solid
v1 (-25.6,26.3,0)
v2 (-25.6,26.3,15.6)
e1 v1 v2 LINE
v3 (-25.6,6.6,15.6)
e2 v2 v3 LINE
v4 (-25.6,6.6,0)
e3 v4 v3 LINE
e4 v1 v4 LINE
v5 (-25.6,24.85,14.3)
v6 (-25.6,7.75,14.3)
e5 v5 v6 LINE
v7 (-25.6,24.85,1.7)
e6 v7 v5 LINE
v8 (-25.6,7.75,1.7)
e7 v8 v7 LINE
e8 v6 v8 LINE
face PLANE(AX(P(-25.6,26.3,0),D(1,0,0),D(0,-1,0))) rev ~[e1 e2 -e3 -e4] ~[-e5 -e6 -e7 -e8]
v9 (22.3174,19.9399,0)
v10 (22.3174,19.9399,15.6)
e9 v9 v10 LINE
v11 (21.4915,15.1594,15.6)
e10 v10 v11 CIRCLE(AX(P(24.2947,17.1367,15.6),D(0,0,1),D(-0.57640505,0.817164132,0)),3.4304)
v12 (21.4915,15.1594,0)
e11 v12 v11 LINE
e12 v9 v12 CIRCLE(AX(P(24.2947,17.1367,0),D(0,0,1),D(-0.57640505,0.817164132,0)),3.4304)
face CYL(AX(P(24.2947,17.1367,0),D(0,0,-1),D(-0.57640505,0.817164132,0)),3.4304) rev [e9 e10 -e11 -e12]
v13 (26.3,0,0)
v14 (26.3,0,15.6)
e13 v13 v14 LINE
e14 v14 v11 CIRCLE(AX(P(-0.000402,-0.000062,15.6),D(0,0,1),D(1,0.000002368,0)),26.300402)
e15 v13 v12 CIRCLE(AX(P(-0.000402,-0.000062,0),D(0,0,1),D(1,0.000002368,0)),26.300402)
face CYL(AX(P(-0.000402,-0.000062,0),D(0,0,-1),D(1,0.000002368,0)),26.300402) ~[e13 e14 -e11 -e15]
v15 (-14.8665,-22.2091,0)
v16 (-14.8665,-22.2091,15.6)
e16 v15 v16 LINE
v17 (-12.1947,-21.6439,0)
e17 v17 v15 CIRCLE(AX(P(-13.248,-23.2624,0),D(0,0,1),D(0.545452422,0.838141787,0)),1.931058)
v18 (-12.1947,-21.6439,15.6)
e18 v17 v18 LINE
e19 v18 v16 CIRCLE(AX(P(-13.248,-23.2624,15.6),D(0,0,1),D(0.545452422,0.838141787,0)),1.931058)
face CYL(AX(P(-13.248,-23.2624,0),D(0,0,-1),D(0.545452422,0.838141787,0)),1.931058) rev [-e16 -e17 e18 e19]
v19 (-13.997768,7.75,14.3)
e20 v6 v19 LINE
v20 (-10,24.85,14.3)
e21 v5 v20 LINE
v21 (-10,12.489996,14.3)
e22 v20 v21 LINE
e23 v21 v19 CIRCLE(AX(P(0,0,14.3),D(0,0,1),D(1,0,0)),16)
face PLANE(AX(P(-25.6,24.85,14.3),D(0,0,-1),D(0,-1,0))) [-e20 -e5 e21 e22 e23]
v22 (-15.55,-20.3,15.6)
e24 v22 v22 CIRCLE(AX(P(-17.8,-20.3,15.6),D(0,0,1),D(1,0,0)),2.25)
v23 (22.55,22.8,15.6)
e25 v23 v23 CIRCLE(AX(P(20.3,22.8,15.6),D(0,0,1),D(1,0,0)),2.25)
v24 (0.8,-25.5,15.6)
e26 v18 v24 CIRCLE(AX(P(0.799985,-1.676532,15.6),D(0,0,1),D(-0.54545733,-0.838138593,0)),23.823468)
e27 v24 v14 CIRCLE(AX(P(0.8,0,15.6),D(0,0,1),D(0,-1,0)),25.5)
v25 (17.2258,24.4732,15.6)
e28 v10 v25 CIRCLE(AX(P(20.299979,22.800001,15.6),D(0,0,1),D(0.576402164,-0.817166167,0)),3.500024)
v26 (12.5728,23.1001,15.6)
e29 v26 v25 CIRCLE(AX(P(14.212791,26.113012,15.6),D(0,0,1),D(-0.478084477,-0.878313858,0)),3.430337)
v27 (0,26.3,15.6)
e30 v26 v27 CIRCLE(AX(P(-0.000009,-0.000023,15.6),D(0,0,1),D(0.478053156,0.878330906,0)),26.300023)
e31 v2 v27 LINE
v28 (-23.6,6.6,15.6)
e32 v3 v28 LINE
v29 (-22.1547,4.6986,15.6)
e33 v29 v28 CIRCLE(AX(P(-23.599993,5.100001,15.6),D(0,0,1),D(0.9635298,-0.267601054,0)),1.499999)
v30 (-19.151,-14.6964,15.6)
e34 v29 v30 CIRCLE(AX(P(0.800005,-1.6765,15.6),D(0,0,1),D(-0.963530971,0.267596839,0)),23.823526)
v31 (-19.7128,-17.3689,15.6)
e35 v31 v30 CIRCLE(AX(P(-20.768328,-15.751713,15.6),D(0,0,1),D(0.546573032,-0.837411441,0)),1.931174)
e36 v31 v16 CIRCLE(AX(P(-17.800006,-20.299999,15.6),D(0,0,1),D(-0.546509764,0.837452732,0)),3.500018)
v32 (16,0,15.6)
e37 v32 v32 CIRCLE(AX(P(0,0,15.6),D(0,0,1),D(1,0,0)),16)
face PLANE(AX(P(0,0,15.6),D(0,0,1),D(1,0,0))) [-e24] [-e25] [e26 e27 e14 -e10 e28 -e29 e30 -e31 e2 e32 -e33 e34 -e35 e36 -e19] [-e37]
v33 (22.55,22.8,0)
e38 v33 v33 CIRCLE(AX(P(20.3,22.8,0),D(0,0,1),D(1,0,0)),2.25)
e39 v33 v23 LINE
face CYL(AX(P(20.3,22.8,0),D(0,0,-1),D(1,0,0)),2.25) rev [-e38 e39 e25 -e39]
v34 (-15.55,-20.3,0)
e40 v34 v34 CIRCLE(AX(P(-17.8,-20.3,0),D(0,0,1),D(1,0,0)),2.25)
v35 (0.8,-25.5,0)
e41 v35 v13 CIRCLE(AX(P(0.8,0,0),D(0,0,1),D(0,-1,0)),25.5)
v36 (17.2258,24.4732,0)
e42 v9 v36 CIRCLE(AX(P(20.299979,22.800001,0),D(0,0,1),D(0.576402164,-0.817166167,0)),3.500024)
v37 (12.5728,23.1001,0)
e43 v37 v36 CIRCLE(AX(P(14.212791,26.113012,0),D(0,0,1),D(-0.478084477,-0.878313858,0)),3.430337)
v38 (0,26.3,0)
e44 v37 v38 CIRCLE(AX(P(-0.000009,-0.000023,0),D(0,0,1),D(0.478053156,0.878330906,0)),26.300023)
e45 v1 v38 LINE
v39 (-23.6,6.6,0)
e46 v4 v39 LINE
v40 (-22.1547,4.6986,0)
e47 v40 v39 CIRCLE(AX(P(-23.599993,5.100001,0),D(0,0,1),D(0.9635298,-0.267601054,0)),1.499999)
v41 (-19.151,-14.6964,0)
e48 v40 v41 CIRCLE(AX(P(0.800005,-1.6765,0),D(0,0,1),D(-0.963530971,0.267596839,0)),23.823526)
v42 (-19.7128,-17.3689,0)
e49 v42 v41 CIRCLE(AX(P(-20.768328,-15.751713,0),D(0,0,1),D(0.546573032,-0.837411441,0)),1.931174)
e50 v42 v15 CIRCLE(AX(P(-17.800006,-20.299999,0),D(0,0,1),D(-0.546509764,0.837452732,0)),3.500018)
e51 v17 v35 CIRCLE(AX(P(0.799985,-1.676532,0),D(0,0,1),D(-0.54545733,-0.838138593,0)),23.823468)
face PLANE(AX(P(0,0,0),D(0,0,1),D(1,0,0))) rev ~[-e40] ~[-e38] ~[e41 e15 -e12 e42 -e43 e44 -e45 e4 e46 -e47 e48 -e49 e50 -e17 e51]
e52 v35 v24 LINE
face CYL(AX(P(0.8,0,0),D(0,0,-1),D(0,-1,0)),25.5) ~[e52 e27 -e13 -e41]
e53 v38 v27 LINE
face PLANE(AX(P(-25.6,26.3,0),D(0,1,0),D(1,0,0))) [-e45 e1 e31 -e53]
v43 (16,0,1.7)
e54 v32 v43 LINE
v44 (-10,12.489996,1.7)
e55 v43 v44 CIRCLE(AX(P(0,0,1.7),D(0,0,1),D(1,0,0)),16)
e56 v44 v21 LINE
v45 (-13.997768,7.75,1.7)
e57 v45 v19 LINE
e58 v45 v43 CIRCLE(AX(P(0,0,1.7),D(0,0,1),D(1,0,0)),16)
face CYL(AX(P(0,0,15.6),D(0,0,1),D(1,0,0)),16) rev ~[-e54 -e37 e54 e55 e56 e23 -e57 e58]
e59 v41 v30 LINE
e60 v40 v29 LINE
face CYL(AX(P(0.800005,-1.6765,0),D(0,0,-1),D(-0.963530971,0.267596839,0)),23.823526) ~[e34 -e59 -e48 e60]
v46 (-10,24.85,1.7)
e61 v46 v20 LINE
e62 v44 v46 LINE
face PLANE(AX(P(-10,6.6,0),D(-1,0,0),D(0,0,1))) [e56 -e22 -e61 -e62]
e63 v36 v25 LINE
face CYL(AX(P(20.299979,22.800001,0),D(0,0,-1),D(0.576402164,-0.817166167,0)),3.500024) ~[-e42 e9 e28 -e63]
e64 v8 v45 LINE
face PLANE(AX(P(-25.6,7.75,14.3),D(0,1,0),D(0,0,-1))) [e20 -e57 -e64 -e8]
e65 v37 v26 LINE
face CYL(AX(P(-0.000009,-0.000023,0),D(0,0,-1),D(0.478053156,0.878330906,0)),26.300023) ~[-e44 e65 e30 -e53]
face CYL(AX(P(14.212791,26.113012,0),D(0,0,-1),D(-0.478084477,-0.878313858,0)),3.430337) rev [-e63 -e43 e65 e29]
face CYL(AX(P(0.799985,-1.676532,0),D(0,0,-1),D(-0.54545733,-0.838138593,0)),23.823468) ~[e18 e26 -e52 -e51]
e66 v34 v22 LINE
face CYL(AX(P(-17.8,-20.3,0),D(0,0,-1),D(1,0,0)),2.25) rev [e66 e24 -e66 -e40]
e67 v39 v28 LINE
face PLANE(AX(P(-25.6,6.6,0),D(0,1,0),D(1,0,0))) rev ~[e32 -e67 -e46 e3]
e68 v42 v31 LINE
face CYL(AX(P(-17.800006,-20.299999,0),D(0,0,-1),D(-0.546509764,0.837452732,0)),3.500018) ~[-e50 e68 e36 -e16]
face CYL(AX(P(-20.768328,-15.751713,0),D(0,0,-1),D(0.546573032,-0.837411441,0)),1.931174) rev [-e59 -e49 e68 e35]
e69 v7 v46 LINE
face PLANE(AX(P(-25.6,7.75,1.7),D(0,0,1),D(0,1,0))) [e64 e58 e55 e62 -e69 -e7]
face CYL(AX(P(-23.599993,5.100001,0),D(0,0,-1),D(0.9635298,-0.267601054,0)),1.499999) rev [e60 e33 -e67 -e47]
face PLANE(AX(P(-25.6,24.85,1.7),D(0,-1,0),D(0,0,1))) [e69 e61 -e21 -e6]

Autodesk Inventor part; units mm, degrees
ref_plane "YZ Plane" through (0, 0, 0) normal (1, 0, 0) x (0, 1, 0)
ref_plane "XZ Plane" through (0, 0, 0) normal (0, 1, 0) x (-1, 0, 0)
ref_plane "XY Plane" through (0, 0, 0) normal (0, 0, 1) x (1, 0, 0)
sketch "Sketch1" plane through (0, 0, 0) normal (0, 0, 1) x (1, 0, 0)
  line L0 (-25.6, 26.3) -> (-25.6, 6.6)
  line L1 (-25.6, 26.3) -> (0, 26.3)
  line L2 (0, 26.3) -> (0, 0) construction
  line L3 (0, 0) -> (26.3, 0)
  arc A0 (26.3, 0) -> (21.4915, 15.1594) centre (0, 0) ccw
  line L4 (-25.6, 6.6) -> (-23.6, 6.6)
  circle A1 centre (-17.8, -20.3) radius 2.25
  arc A2 (0.8, -25.5) -> (26.3, 0) centre (0.8, 0) ccw
  line L5 (-6.4086, -25.5) -> (23, -25.5) construction
  arc A3 (-22.1547, 4.6986) -> (-23.6, 6.6) centre (-23.6, 5.1) ccw
  circle A4 centre (20.3, 22.8) radius 2.25
  arc A5 (-22.1547, 4.6986) -> (-19.151, -14.6964) centre (0.8, -1.6765) ccw
  arc A6 (-19.7128, -17.3689) -> (-19.151, -14.6964) centre (-20.7682, -15.7518) ccw
  arc A7 (-12.1947, -21.6439) -> (-14.8665, -22.2091) centre (-13.248, -23.2624) ccw
  arc A8 (-19.7128, -17.3689) -> (-14.8665, -22.2091) centre (-17.8, -20.3) ccw
  arc A9 (-12.1947, -21.6439) -> (0.8, -25.5) centre (0.8, -1.6765) ccw
  arc A10 (22.3174, 19.9399) -> (17.2258, 24.4732) centre (20.3, 22.8) ccw
  arc A11 (12.5728, 23.1001) -> (17.2258, 24.4732) centre (14.2128, 26.1131) ccw
  arc A12 (22.3174, 19.9399) -> (21.4915, 15.1594) centre (24.2947, 17.1367) ccw
  arc A13 (12.5728, 23.1001) -> (0, 26.3) centre (0, 0) ccw
  dimension "d1" = 25.6
  dimension "d2" = 19.7
  dimension "d6" = 4.5
  dimension "d8" = 17.8
  dimension "d9" = 26.3
  dimension "d10" = 51.8
  dimension "d11" = 20.3
  dimension "d12" = 1.5
  dimension "d13" = 4.5
  dimension "d14" = 22.8
  dimension "d15" = 20.3
  dimension "d16" = 2
  dimension "d18" = 90
  dimension "d19" = 90
  dimension "d20" = 1.25
  dimension "d21" = 1.25
  dimension "d22" = 90
  dimension "d23" = 90
extrude "Extrusion1" add sketch "Sketch1" along normal blind 15.6
sketch "Sketch2" plane through (-25.6, 6.6, 0) normal (-1, 0, 0) x (0, 0, 1)
  line L0 (1.7, 18.25) -> (14.3, 18.25)
  line L1 (14.3, 18.25) -> (14.3, 1.15)
  line L2 (14.3, 1.15) -> (1.7, 1.15)
  line L3 (1.7, 1.15) -> (1.7, 18.25)
  point P0 (0, -6.6)
  point P1 (0, 19.7)
  dimension "d26" = 12.6
  dimension "d27" = 17.1
  dimension "d28" = 1.7
  dimension "d29" = 1.45
extrude "Extrusion2" cut sketch "Sketch2" against normal blind 15.6
sketch "Sketch3" plane through (0, 0, 15.6) normal (0, 0, 1) x (1, 0, 0)
  circle A0 centre (0, 0) radius 16
  dimension "d32" = 32
extrude "Extrusion3" cut sketch "Sketch3" against normal blind 13.9
properties part number "5015 RADIAL FAN" material "PBT Plastic"
